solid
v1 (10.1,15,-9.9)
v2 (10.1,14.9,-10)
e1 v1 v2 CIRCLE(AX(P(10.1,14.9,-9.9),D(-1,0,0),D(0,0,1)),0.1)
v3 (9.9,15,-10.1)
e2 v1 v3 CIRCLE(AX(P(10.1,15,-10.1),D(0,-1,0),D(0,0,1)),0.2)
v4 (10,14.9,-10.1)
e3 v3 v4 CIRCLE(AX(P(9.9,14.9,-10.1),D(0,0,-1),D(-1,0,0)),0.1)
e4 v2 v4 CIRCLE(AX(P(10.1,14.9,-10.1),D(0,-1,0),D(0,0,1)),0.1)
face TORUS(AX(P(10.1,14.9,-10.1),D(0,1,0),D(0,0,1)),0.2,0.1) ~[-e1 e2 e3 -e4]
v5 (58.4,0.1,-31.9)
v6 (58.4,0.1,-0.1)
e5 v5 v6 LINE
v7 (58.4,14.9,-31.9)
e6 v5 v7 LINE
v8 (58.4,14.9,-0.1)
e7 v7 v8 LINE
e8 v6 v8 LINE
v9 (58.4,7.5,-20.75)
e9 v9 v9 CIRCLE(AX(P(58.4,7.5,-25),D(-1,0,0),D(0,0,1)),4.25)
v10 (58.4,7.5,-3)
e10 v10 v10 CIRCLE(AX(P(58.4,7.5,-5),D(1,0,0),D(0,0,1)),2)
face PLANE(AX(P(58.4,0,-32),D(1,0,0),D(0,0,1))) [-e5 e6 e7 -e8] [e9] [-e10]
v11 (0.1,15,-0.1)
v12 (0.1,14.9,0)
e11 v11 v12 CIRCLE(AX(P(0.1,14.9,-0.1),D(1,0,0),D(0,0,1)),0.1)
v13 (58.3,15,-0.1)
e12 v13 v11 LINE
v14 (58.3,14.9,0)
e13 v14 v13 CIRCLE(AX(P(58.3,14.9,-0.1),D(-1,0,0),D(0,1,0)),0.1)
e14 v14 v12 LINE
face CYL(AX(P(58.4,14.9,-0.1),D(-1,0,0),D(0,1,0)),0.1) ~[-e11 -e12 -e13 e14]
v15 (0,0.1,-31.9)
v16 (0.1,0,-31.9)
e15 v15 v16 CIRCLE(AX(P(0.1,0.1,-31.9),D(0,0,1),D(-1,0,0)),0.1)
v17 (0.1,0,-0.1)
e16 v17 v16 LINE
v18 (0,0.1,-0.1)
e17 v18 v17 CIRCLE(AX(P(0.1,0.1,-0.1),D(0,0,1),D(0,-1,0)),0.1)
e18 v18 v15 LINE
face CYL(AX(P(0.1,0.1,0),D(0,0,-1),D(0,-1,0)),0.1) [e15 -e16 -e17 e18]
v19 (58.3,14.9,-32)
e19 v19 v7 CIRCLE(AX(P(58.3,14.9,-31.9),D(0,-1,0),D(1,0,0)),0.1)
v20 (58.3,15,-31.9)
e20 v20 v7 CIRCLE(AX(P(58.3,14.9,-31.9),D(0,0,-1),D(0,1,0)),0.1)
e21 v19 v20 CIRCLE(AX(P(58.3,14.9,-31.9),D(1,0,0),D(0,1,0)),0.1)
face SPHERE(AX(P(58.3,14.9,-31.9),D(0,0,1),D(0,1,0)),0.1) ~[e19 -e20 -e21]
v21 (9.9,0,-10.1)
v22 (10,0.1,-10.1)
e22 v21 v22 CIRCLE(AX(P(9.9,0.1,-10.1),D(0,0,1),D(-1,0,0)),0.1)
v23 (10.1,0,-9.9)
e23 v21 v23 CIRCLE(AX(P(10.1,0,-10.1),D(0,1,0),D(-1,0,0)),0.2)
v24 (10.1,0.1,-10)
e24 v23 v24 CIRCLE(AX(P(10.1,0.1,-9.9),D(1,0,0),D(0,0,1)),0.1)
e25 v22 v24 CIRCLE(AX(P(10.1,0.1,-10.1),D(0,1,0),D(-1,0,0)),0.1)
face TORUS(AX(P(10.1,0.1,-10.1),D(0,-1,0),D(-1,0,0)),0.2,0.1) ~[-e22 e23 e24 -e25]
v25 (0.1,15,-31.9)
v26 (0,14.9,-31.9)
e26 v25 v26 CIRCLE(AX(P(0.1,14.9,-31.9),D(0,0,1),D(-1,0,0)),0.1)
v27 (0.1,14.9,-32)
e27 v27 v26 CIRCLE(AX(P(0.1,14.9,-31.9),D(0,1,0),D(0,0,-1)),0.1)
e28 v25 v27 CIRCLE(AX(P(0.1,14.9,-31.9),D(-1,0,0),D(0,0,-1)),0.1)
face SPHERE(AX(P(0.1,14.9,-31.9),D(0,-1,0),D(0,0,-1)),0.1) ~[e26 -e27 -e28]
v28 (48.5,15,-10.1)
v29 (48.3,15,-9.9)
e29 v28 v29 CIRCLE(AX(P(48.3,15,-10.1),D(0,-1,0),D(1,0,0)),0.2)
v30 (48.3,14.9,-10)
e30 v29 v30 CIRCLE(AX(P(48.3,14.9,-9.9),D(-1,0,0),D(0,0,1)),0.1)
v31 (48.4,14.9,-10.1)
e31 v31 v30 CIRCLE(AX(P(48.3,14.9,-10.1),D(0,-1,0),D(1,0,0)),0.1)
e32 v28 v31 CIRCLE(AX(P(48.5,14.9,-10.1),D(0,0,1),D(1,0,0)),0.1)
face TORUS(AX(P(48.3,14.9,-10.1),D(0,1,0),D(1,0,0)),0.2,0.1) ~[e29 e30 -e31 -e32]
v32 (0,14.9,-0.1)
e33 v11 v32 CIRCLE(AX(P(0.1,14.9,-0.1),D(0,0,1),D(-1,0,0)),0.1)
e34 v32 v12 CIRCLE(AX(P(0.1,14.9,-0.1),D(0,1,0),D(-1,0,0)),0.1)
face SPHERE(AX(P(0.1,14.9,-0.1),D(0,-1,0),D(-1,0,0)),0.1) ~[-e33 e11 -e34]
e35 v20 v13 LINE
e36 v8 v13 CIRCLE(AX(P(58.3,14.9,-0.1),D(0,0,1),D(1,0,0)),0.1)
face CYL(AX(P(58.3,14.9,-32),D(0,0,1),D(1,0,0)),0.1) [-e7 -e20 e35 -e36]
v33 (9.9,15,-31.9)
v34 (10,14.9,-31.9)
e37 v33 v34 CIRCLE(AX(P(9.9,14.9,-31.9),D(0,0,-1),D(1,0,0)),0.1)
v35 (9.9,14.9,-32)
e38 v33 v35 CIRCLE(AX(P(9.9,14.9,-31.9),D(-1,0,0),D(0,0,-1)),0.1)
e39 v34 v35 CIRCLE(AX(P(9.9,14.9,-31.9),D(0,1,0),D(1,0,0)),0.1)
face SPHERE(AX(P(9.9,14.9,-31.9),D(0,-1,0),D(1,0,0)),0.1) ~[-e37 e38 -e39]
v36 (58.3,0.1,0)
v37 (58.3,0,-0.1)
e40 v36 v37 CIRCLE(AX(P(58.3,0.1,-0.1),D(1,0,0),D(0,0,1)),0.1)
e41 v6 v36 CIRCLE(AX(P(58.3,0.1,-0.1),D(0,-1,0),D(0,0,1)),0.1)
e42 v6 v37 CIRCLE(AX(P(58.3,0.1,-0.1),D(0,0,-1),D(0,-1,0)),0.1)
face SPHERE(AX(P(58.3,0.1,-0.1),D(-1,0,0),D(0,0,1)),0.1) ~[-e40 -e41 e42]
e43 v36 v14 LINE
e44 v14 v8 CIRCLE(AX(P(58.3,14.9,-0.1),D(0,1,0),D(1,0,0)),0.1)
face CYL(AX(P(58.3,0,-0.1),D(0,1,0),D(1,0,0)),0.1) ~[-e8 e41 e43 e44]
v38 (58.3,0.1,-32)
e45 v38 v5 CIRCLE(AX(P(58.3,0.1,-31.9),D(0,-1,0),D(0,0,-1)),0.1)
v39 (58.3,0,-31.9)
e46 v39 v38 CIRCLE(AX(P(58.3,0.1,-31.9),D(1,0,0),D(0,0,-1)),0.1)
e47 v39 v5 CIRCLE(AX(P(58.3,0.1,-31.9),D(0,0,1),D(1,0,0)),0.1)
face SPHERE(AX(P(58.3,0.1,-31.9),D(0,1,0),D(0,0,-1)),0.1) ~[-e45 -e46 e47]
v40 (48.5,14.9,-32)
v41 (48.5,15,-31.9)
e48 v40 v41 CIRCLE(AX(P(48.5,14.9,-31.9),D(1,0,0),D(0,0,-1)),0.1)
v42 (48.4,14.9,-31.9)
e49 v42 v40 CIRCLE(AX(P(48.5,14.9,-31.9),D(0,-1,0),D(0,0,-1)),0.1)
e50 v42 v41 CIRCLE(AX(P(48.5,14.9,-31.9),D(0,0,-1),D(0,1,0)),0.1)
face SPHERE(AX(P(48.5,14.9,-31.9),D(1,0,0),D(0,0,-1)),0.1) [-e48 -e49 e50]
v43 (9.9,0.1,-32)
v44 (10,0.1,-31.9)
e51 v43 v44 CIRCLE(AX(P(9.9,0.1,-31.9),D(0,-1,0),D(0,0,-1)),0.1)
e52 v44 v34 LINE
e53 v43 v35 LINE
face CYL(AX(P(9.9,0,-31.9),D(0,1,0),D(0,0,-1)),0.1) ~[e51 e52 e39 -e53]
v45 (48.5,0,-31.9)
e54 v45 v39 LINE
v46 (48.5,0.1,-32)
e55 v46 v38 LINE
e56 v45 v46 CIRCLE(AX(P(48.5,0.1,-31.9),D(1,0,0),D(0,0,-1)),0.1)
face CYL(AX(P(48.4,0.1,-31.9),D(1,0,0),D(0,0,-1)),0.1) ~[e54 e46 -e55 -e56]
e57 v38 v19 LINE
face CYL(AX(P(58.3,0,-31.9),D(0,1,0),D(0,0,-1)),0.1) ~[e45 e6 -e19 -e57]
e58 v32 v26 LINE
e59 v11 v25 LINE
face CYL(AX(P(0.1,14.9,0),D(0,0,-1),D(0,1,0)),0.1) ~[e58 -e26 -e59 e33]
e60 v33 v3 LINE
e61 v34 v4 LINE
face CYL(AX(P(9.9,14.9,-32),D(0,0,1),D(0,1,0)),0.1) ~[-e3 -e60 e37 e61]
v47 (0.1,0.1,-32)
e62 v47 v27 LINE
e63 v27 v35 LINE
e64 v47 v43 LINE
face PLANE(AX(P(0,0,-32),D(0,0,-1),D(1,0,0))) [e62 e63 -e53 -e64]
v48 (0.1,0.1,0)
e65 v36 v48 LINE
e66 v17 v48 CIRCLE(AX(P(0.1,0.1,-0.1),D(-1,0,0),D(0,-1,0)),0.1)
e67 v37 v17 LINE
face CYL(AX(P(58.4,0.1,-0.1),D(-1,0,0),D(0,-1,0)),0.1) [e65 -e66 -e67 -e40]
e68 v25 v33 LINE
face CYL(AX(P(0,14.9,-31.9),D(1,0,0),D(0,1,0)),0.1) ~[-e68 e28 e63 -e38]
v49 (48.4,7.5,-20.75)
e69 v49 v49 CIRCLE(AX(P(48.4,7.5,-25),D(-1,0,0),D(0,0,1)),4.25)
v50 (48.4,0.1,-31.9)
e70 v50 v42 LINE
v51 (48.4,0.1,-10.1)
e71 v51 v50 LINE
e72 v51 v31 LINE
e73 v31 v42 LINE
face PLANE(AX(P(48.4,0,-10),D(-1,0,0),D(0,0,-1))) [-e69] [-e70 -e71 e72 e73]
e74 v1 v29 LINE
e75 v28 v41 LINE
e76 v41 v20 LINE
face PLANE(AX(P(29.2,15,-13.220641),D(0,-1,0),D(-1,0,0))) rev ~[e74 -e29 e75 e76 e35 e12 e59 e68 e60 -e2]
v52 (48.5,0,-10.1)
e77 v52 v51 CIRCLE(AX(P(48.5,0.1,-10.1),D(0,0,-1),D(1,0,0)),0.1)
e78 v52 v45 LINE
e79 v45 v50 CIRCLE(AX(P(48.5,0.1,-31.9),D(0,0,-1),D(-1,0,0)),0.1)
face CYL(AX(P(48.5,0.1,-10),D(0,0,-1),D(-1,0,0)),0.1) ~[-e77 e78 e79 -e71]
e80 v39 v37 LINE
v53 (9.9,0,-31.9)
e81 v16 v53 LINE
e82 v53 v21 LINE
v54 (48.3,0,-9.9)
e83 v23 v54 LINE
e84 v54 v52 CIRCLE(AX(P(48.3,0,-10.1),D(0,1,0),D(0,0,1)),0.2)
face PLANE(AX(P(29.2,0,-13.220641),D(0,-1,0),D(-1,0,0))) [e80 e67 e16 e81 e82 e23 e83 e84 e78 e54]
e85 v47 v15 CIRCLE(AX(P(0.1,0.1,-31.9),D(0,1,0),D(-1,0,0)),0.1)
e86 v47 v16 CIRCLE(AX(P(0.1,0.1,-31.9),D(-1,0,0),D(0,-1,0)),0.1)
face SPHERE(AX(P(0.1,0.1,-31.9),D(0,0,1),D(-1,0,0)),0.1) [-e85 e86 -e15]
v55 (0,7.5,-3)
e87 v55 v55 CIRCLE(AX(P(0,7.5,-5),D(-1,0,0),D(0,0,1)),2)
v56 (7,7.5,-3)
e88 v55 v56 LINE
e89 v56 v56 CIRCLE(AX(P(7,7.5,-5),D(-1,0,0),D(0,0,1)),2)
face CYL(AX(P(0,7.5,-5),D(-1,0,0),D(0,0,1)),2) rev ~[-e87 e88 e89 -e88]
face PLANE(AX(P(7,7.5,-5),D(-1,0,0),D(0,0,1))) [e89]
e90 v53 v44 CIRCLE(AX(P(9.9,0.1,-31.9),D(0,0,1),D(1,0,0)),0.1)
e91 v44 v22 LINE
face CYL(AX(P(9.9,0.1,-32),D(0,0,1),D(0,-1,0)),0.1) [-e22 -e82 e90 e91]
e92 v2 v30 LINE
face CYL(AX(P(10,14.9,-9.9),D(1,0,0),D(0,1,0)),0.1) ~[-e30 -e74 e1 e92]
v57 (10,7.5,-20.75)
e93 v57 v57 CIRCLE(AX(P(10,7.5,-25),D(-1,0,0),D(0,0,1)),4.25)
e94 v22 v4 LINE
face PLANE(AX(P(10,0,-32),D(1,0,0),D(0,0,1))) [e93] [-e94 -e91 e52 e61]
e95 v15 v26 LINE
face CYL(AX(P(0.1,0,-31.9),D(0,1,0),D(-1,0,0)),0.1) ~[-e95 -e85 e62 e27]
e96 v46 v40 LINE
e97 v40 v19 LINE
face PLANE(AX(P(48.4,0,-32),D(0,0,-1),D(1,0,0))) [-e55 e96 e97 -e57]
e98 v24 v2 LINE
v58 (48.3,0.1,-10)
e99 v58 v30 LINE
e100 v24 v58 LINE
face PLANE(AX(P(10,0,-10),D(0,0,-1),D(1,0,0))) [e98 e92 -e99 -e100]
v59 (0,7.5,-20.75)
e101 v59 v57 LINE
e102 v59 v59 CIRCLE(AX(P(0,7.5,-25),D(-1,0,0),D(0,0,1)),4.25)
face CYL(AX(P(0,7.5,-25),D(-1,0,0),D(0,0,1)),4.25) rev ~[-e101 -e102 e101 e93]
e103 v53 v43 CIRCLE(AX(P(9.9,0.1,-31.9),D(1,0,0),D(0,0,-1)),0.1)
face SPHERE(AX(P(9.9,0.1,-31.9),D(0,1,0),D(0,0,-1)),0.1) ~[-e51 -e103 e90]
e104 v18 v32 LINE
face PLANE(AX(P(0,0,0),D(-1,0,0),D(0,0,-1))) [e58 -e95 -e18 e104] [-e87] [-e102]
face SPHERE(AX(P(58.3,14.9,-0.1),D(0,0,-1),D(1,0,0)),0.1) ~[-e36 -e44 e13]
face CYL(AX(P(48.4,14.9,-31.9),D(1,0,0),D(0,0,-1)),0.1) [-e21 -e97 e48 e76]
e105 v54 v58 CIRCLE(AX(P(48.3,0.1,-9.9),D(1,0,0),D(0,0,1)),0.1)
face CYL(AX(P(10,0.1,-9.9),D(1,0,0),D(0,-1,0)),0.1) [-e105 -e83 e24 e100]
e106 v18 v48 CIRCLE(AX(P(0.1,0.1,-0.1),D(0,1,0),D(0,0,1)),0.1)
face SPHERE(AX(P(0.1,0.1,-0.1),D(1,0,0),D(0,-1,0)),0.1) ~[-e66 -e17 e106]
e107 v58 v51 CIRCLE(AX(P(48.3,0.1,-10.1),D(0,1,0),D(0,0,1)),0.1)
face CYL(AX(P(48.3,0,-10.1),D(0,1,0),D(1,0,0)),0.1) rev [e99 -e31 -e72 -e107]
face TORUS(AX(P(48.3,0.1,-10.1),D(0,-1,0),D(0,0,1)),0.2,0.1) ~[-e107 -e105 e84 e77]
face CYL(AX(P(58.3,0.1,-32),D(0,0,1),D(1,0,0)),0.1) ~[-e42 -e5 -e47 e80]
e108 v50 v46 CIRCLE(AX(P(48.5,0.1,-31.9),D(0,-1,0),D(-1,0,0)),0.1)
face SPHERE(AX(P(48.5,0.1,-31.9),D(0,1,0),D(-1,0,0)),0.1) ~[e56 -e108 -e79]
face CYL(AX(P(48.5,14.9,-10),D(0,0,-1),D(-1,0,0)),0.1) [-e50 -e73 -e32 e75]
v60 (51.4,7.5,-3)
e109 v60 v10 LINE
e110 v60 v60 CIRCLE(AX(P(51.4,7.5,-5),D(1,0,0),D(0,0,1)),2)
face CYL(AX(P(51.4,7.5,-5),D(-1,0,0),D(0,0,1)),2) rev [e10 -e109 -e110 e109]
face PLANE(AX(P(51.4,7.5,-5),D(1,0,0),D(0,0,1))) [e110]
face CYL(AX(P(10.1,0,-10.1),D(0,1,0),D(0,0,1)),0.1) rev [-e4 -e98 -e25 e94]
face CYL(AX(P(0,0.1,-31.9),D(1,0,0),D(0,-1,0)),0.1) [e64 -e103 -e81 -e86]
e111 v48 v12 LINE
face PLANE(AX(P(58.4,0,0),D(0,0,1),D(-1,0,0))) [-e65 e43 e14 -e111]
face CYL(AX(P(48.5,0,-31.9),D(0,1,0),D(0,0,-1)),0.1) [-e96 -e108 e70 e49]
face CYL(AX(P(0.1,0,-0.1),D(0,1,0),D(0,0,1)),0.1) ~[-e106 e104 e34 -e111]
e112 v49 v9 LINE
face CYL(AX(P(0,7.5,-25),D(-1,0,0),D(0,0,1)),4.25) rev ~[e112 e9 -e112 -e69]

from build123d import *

# Parameters (mm, degrees)
BOSS_EXTRUDE1_DEPTH = 15
SKETCH2_R           = 4.25
CUT_EXTRUDE1_DEPTH  = 69.260969814
SKETCH3_R           = 2
CUT_EXTRUDE2_DEPTH  = 7
CUT_EXTRUDE3_START  = -7
SKETCH4_R           = 2
CUT_EXTRUDE3_DEPTH  = 7
FILLET1_R           = 0.1


with BuildPart() as part:
    # Sketch1 → Boss-Extrude1 (new body)
    with BuildSketch(Plane(origin=(0, 0, 0), x_dir=(1, 0, 0), z_dir=(0, 1, 0))):
        Polygon((48.4, 32), (58.4, 32), (58.4, 0), (0, 0), (0, 32), (10, 32), (10, 10), (48.4, 10), align=None)
    extrude(amount=BOSS_EXTRUDE1_DEPTH)

    # Sketch2 → Cut-Extrude1 (cut, through all)
    with BuildSketch(Plane.ZY):
        with Locations((-25, 7.5)):
            Circle(SKETCH2_R)
    extrude(amount=-CUT_EXTRUDE1_DEPTH, mode=Mode.SUBTRACT)

    # Sketch3 → Cut-Extrude2 (cut)
    with BuildSketch(Plane.ZY):
        with Locations((-5, 7.5)):
            Circle(SKETCH3_R)
    extrude(amount=-CUT_EXTRUDE2_DEPTH, mode=Mode.SUBTRACT)

    # Sketch4 → Cut-Extrude3 (cut)
    with BuildSketch(Plane(origin=(58.4, 0, 0), x_dir=(0, 0, -1), z_dir=(1, 0, 0)).offset(CUT_EXTRUDE3_START)):
        with Locations(Location((5, 7.5, 0), (0, 0, 180))):
            Circle(SKETCH4_R)
    extrude(amount=CUT_EXTRUDE3_DEPTH, mode=Mode.SUBTRACT)

    # Fillet1
    fillet1_edges = [part.edges().sort_by_distance(p)[0] for p in [
        (58.4, 15, -16),
        (29.2, 0, 0),
        (0, 0, -16),
        (53.4, 15, -32),
        (0, 7.5, -32),
        (10, 7.5, -32),
        (10, 7.5, -10),
        (48.4, 7.5, -10),
        (48.4, 7.5, -32),
        (58.4, 7.5, -32),
        (58.4, 7.5, 0),
        (0, 7.5, 0),
        (48.4, 15, -21),
        (29.2, 15, -10),
        (10, 15, -21),
        (5, 15, -32),
        (0, 15, -16),
        (29.2, 15, 0),
        (5, 0, -32),
        (10, 0, -21),
        (29.2, 0, -10),
        (48.4, 0, -21),
        (53.4, 0, -32),
        (58.4, 0, -16),
    ]]
    fillet(fillet1_edges, radius=FILLET1_R)


solid = part.part
